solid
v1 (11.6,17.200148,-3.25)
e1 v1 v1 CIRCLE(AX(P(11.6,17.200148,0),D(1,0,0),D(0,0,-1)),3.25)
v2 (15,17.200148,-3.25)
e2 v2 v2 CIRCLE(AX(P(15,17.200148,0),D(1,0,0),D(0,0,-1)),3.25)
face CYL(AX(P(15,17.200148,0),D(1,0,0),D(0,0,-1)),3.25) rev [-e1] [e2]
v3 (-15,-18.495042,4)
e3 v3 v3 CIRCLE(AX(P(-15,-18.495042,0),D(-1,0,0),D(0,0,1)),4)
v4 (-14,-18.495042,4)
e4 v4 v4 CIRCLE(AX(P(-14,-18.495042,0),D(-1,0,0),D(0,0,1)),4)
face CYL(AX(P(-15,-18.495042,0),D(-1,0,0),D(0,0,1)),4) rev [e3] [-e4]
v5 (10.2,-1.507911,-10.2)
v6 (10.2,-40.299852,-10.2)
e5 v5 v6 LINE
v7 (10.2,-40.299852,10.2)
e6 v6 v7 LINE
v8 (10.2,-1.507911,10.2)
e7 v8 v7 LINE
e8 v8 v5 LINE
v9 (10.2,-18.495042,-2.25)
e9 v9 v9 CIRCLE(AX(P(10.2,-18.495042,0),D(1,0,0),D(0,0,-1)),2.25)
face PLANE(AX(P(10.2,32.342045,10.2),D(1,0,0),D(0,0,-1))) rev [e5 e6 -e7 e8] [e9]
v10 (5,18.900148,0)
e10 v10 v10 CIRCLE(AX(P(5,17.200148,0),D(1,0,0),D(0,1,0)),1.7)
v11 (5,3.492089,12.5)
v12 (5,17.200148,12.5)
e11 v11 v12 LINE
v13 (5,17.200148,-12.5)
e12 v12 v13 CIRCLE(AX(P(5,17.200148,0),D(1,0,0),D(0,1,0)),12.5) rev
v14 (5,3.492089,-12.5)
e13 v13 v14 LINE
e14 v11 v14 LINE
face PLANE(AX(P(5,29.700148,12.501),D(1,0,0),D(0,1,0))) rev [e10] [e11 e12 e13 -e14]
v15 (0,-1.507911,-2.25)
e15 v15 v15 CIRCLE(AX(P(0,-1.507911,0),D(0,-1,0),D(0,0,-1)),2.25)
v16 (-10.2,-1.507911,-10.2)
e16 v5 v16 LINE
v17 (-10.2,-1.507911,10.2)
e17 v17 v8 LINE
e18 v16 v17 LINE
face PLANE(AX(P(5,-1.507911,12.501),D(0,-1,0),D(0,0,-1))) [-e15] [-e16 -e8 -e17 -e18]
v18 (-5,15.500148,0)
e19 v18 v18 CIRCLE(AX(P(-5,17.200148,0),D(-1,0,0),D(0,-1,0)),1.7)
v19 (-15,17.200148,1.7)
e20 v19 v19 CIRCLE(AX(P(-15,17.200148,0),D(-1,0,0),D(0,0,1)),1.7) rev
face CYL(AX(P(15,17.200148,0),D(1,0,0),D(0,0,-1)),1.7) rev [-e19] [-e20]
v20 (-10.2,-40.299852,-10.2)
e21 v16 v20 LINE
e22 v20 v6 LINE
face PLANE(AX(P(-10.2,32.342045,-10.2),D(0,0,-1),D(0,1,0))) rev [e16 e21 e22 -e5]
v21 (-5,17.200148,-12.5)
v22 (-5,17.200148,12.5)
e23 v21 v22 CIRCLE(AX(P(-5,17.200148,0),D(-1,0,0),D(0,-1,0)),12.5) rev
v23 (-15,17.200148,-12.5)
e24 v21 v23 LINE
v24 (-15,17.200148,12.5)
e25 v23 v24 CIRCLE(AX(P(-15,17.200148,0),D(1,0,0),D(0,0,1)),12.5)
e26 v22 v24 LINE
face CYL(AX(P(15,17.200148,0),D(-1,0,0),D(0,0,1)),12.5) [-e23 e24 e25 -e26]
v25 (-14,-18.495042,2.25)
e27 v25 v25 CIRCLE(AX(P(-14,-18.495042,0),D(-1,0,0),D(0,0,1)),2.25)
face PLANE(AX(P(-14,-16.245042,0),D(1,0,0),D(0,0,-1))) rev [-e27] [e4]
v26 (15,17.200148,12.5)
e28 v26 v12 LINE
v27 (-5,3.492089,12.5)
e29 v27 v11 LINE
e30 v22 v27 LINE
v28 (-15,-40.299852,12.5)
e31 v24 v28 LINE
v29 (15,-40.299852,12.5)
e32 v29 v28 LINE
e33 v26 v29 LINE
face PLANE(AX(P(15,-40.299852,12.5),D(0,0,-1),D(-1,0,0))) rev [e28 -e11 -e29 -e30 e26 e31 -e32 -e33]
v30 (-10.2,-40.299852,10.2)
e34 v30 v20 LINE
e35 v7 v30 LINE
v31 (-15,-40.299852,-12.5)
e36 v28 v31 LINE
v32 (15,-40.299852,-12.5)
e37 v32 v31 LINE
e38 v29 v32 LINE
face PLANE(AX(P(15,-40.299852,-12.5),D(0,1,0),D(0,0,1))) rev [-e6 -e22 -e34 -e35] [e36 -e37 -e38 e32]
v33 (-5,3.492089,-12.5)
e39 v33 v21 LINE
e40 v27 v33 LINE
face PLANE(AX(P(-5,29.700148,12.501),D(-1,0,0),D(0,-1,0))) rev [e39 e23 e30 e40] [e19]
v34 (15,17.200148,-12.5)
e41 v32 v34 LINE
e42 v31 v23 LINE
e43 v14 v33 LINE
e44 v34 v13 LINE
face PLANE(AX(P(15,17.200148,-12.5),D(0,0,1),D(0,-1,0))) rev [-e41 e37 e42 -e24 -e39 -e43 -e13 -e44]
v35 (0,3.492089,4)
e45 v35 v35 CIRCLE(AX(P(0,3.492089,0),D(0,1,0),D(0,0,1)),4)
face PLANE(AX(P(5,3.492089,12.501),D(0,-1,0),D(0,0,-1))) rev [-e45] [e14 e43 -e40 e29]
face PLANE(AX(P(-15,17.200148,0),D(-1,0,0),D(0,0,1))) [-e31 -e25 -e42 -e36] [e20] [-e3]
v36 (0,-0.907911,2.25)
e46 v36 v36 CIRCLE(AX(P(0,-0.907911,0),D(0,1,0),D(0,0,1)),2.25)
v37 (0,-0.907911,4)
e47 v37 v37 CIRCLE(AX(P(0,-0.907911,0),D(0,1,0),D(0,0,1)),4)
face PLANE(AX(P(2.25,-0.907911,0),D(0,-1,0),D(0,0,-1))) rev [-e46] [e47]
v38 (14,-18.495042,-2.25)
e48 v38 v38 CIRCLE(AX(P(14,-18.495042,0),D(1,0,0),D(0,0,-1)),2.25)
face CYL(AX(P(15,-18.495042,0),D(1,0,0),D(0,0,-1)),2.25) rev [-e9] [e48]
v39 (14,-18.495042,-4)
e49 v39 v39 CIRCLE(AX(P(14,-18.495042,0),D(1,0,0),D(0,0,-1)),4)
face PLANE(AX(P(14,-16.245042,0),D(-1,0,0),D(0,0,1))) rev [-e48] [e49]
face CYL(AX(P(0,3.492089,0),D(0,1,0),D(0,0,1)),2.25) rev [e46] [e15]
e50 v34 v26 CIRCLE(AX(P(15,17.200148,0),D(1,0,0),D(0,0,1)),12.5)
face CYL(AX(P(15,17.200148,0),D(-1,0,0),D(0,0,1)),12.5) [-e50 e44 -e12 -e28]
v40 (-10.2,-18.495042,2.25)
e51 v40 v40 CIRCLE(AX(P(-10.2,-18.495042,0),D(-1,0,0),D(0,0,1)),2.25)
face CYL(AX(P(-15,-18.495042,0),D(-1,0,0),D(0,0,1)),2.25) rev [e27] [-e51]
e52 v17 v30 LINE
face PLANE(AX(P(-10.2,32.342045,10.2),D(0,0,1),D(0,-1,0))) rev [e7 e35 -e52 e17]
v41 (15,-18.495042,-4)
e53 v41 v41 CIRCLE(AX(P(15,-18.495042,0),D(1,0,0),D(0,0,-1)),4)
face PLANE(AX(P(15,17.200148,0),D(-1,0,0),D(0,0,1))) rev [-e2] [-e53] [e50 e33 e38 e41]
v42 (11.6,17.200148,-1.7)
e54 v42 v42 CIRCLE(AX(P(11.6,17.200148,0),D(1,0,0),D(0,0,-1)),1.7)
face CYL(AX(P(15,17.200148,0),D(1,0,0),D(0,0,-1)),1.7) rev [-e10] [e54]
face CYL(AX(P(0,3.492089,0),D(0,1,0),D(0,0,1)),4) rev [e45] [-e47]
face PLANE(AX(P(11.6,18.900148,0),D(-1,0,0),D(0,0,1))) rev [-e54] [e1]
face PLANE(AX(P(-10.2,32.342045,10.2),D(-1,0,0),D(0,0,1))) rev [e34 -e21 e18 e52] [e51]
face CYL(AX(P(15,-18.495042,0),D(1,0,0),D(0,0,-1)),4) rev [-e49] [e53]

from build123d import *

# Parameters (mm, degrees)
BOSS_EXTRU_1_DEPTH                                 = 15
CHAMBRAGE_POUR_VIS_T_TE_HEXAGONALE_M31_D           = 3.4
CHAMBRAGE_POUR_VIS_T_TE_HEXAGONALE_M31_CBORE_D     = 6.5
CHAMBRAGE_POUR_VIS_T_TE_HEXAGONALE_M31_CBORE_DEPTH = 3.4
ENL_V_MAT_EXTRU_2_REACH                            = 51.74
ESQUISSE3_W                                        = 10
ESQUISSE3_H                                        = 26.208058997
ESQUISSE2_W                                        = 20.4
ESQUISSE2_H                                        = 20.4
ENL_V_MAT_EXTRU_1_DEPTH                            = 38.791941003
CHAMBRAGE_POUR_VIS_T_TE_HEXAGONALE_M42_D           = 4.5
CHAMBRAGE_POUR_VIS_T_TE_HEXAGONALE_M42_DEPTH       = 4.8
CHAMBRAGE_POUR_VIS_T_TE_HEXAGONALE_M42_CBORE_D     = 8
CHAMBRAGE_POUR_VIS_T_TE_HEXAGONALE_M42_CBORE_DEPTH = 1
CHAMBRAGE_POUR_VIS_T_TE_HEXAGONALE_M43_D           = 4.5
CHAMBRAGE_POUR_VIS_T_TE_HEXAGONALE_M43_CBORE_D     = 8
CHAMBRAGE_POUR_VIS_T_TE_HEXAGONALE_M43_CBORE_DEPTH = 4.4


with BuildPart() as part:
    # Esquisse1 → Boss.-Extru.1 (new, symmetric)
    with BuildSketch(Plane(origin=(0, 0, 0), x_dir=(0, 0, -1), z_dir=(1, 0, 0))):
        with BuildLine():
            Line((-12.5, -40.299852287), (-12.5, 17.200147713))
            ThreePointArc((-12.5, 17.200147713), (0, 29.700147713), (12.5, 17.200147713))
            Line((12.5, 17.200147713), (12.5, -40.299852287))
            Line((12.5, -40.299852287), (-12.5, -40.299852287))
        make_face()
    extrude(amount=BOSS_EXTRU_1_DEPTH, both=True)

    # Chambrage pour vis à tête hexagonale M31 (through all)
    with Locations(Plane(origin=(15, 0, 0), x_dir=(0, 0, -1), z_dir=(1, 0, 0))):
        with Locations((0, 17.200147713)):
            CounterBoreHole(CHAMBRAGE_POUR_VIS_T_TE_HEXAGONALE_M31_D / 2, CHAMBRAGE_POUR_VIS_T_TE_HEXAGONALE_M31_CBORE_D / 2, CHAMBRAGE_POUR_VIS_T_TE_HEXAGONALE_M31_CBORE_DEPTH)

    # Esquisse3 → Enlèv. mat.-Extru.2 (cut, up to next)
    with BuildSketch(Plane(origin=(0, 0, -12.5), x_dir=(-1, 0, 0), z_dir=(0, 0, -1)), mode=Mode.PRIVATE) as enl_v_mat_extru_2_sk1:
        with Locations((0, 16.596118215)):
            Rectangle(ESQUISSE3_W, ESQUISSE3_H)
    enl_v_mat_extru_2_tool1 = extrude(enl_v_mat_extru_2_sk1.sketch, amount=-ENL_V_MAT_EXTRU_2_REACH, mode=Mode.PRIVATE) & part.part
    add(enl_v_mat_extru_2_tool1.solids().sort_by_distance((0, 16.596118, -12.5))[0], mode=Mode.SUBTRACT)

    # Esquisse2 → Enlèv. mat.-Extru.1 (cut)
    with BuildSketch(Plane.XZ.offset(40.299852287)):
        Rectangle(ESQUISSE2_W, ESQUISSE2_H)
    extrude(amount=-ENL_V_MAT_EXTRU_1_DEPTH, mode=Mode.SUBTRACT)

    # Chambrage pour vis à tête hexagonale M42
    with Locations(Plane.ZY.offset(15)):
        with Locations((0, -18.495042181)):
            chambrage_pour_vis_t_te_hexagonale_m42 = CounterBoreHole(CHAMBRAGE_POUR_VIS_T_TE_HEXAGONALE_M42_D / 2, CHAMBRAGE_POUR_VIS_T_TE_HEXAGONALE_M42_CBORE_D / 2, CHAMBRAGE_POUR_VIS_T_TE_HEXAGONALE_M42_CBORE_DEPTH, depth=CHAMBRAGE_POUR_VIS_T_TE_HEXAGONALE_M42_DEPTH)

    # Chambrage pour vis à tête hexagonale M43 (through all)
    with Locations(Plane(origin=(0, 3.492088716, 0), x_dir=(1, 0, 0), z_dir=(0, 1, 0))):
        with Locations((0, 0)):
            CounterBoreHole(CHAMBRAGE_POUR_VIS_T_TE_HEXAGONALE_M43_D / 2, CHAMBRAGE_POUR_VIS_T_TE_HEXAGONALE_M43_CBORE_D / 2, CHAMBRAGE_POUR_VIS_T_TE_HEXAGONALE_M43_CBORE_DEPTH)

    # Symétrie1: Chambrage pour vis à tête hexagonale M42 across plane
    add(chambrage_pour_vis_t_te_hexagonale_m42.mirror(Plane(origin=(0, 0, 0), x_dir=(0, 0, 1), z_dir=(1, 0, 0))), mode=Mode.SUBTRACT)


solid = part.part
